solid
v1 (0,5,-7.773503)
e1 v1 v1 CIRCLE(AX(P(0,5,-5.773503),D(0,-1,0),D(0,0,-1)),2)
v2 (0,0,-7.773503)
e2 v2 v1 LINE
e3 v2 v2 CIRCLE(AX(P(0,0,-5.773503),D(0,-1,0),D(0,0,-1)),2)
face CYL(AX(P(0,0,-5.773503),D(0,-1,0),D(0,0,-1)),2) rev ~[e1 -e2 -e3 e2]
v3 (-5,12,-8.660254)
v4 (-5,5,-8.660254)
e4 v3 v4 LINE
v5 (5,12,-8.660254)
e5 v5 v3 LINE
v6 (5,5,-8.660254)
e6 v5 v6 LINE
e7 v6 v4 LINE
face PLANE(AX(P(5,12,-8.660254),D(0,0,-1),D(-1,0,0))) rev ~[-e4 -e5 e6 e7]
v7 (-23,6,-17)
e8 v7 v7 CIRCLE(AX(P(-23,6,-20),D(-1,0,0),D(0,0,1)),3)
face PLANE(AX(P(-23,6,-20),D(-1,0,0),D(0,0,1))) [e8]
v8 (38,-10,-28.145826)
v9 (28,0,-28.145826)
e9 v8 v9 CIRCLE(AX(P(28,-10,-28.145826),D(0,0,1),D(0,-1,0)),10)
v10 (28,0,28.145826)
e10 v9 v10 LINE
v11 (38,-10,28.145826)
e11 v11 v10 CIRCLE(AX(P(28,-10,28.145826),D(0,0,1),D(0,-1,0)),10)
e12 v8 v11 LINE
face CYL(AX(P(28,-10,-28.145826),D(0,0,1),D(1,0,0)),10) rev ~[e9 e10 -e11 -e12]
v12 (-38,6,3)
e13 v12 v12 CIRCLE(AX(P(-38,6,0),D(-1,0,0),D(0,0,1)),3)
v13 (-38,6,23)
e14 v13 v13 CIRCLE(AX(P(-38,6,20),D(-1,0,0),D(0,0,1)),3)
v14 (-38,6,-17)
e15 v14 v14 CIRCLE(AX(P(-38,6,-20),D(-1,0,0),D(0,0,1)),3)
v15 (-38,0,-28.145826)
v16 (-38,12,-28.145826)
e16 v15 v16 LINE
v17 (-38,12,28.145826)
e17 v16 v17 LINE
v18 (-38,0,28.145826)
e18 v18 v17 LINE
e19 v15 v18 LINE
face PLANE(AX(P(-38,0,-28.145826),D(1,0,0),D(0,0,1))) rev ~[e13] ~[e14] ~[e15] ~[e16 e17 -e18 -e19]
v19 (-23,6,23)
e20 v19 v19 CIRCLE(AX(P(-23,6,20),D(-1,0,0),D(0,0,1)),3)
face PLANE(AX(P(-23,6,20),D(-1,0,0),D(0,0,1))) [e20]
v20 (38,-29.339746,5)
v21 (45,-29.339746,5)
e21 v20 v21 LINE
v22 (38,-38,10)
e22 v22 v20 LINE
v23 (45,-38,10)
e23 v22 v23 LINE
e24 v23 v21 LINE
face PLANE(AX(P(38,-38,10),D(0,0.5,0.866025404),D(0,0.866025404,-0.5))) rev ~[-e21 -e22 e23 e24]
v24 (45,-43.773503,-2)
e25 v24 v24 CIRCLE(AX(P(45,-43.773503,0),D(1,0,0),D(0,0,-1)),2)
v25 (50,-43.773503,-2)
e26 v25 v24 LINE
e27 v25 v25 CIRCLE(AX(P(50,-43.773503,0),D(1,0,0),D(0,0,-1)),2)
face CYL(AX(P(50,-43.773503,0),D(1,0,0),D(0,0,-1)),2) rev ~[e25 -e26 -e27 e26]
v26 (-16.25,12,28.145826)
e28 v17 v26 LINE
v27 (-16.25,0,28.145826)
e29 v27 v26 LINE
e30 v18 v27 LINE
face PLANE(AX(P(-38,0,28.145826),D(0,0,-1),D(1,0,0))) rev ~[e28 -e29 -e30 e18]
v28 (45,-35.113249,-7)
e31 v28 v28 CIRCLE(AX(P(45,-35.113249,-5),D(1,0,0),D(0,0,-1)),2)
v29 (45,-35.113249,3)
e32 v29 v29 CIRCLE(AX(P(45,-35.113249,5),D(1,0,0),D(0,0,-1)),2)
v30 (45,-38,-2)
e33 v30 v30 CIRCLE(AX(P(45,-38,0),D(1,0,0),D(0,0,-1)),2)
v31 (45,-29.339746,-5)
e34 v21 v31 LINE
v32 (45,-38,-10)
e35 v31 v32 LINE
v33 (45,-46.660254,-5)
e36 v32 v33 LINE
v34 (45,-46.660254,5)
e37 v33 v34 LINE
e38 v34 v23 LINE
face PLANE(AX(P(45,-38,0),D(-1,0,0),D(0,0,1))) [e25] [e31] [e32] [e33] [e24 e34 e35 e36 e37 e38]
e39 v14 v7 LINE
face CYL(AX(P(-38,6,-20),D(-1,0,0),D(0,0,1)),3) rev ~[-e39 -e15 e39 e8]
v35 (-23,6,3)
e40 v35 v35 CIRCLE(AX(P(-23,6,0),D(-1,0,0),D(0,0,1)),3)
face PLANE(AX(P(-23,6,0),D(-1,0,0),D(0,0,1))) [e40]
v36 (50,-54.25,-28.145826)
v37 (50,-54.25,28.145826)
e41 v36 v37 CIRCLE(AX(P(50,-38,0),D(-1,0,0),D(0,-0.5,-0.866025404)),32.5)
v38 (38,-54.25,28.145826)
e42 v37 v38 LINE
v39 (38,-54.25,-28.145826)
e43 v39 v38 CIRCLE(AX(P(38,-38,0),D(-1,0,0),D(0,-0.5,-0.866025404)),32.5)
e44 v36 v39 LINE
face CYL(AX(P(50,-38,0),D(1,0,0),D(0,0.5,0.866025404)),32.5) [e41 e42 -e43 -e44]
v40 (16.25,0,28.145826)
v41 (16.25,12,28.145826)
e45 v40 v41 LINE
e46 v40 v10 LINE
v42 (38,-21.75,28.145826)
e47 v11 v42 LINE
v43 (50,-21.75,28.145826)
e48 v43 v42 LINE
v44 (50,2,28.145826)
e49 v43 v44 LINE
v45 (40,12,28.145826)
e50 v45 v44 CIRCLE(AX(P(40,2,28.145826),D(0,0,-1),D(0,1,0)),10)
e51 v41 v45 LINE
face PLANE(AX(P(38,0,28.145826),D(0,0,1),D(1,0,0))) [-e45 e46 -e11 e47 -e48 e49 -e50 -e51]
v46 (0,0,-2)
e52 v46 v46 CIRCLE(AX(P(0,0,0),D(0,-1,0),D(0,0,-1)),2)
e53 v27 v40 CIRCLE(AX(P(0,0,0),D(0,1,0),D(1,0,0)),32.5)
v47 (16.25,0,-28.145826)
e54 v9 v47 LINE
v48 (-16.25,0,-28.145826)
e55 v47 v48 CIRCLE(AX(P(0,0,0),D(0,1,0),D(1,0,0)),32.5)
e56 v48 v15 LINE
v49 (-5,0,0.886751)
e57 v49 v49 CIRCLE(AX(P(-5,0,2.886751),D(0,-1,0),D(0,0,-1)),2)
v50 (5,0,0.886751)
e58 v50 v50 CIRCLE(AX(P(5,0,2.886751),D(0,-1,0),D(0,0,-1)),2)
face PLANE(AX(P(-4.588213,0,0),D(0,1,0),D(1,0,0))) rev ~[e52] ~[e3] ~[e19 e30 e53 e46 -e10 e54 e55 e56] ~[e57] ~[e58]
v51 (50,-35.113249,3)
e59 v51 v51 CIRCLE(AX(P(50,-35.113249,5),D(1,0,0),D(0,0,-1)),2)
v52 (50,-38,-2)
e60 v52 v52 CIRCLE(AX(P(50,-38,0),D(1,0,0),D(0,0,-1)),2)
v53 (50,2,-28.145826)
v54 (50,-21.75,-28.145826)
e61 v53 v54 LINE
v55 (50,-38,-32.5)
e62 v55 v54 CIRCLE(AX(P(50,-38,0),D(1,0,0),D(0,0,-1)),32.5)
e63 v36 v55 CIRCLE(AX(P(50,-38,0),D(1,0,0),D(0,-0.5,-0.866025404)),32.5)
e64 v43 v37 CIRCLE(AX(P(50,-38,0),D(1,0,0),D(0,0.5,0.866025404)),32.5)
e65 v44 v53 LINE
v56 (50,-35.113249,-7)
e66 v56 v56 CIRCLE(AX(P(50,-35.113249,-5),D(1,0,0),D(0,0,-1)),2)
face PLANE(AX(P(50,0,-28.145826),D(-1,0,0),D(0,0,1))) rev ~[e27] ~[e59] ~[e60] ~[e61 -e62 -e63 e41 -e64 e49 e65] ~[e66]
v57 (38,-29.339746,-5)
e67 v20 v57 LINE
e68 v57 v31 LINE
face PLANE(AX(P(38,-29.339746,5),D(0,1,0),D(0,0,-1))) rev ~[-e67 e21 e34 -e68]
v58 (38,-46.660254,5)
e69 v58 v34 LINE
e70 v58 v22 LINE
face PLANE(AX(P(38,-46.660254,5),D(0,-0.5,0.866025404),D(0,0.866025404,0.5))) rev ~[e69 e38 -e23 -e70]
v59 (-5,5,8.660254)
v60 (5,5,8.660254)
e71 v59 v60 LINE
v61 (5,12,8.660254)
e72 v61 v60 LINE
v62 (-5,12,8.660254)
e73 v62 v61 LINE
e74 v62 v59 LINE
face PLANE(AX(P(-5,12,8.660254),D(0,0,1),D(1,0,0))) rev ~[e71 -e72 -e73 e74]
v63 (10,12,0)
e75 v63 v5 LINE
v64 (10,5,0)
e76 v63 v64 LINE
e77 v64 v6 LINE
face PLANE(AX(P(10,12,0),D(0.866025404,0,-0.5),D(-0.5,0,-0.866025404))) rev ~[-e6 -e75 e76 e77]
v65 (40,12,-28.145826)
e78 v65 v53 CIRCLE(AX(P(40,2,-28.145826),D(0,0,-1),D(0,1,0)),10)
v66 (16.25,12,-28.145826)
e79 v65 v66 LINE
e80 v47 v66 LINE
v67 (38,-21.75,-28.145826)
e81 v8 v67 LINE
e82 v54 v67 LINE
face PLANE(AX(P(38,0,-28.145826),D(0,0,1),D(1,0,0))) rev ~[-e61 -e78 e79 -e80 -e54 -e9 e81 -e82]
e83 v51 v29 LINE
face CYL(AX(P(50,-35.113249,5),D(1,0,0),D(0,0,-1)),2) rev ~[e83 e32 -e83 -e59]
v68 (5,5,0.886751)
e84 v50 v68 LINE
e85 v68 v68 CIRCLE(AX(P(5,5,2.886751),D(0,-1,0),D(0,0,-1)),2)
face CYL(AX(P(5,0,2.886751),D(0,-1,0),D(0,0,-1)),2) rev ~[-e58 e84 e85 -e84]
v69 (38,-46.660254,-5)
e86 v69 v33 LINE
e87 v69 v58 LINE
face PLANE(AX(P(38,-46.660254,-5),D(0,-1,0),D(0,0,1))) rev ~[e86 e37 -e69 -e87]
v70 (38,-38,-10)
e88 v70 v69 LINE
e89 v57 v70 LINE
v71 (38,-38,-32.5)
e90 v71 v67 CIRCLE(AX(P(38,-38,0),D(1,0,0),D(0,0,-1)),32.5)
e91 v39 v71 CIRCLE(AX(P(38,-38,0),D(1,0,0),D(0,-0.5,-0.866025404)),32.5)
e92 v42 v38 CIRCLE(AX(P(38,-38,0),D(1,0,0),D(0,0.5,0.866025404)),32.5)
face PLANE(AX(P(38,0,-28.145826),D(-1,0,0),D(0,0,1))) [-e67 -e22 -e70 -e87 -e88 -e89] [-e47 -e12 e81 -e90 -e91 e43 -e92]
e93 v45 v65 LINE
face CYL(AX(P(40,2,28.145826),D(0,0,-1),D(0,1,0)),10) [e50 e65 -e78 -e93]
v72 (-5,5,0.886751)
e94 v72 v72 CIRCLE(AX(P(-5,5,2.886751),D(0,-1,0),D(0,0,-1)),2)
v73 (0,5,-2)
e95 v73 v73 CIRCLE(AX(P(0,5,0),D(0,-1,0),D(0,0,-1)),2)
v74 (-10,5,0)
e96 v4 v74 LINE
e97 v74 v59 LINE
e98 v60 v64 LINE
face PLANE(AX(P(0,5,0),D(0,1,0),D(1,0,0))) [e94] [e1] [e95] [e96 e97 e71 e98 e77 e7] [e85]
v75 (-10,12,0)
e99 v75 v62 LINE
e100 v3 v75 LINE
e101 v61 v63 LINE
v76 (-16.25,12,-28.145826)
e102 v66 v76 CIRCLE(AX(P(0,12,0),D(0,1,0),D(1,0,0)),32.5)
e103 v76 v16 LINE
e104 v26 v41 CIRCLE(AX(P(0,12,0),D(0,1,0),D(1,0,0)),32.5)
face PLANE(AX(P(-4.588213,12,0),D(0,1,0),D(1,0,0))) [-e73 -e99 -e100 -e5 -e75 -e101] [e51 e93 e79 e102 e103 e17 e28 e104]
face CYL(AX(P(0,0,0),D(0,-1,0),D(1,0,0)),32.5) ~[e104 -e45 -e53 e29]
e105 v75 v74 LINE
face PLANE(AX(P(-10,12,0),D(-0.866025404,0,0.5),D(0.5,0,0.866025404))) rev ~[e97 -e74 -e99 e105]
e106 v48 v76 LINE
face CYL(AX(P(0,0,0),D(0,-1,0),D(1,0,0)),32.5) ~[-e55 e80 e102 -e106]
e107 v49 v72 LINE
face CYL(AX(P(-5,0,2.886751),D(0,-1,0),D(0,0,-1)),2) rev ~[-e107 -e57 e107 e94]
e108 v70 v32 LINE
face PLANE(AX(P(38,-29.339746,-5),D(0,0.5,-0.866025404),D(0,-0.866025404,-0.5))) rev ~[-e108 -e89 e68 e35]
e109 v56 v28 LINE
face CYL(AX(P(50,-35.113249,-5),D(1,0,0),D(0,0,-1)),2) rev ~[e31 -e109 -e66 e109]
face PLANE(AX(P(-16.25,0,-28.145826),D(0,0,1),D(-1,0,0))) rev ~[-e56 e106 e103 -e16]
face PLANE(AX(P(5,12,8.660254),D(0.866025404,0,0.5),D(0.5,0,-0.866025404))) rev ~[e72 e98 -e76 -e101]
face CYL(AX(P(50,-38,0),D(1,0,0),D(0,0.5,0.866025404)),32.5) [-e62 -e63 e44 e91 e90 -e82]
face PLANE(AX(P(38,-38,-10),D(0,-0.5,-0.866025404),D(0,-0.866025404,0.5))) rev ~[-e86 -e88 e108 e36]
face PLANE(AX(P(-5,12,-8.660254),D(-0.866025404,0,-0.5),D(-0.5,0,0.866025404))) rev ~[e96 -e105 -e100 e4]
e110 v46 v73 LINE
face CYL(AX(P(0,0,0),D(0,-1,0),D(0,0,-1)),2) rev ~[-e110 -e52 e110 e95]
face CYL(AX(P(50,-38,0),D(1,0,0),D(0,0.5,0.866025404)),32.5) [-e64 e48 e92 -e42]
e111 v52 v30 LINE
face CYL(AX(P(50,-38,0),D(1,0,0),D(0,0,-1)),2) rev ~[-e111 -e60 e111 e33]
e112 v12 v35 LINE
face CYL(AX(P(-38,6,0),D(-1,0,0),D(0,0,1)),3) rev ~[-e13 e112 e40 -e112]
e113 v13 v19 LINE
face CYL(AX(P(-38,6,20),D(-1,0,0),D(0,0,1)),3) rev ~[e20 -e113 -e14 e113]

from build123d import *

# Parameters (mm, degrees)
EXTRUDE_1_DEPTH      = 12
CUT_EXTRUDE_2_DEPTH  = 7
SKETCH_4_W           = 12
SKETCH_4_H           = 56.291651246
EXTRUDE_2_DEPTH      = 85
EXTRUDE_3_DEPTH      = 12
CUT_EXTRUDE_4_DEPTH  = 12
FILLET_1_R           = 10
FILLET_2_R           = 10
SKETCH_8_R           = 2
CUT_EXTRUDE_9_DEPTH  = 5
CUT_EXTRUDE_7_DEPTH  = 7
SKETCH_3_R           = 2
CUT_EXTRUDE_8_DEPTH  = 5
EXTRUDE_START        = -12
EXTRUDE_5_DEPTH      = 12
SKETCH_13_R          = 3
CUT_EXTRUDE_11_DEPTH = 15


with BuildPart() as part:
    # 草图1 → 凸台-拉伸1 (new body)
    with BuildSketch(Plane(origin=(0, 0, 0), x_dir=(1, 0, 0), z_dir=(0, 1, 0))):
        with BuildLine():
            Line((16.25, -28.145825623), (0, 0))
            Line((0, 0), (16.25, 28.145825623))
            ThreePointArc((16.25, 28.145825623), (-32.5, 0), (16.25, -28.145825623))
        make_face()
        with BuildLine():
            Line((32.5, 0), (0, 0))
            Line((0, 0), (16.25, -28.145825623))
            ThreePointArc((16.25, -28.145825623), (28.145825623, -16.25), (32.5, 0))
        make_face()
        with BuildLine():
            Line((16.25, 28.145825623), (0, 0))
            Line((0, 0), (32.5, 0))
            ThreePointArc((32.5, 0), (28.145825623, 16.25), (16.25, 28.145825623))
        make_face()
        with BuildLine():
            ThreePointArc((16.25, 28.145825623), (28.145825623, 16.25), (32.5, 0))
            Line((32.5, 0), (50, 0))
            Line((50, 0), (50, 28.145825623))
            Line((50, 28.145825623), (16.25, 28.145825623))
        make_face()
        with BuildLine():
            Line((50, 0), (32.5, 0))
            ThreePointArc((32.5, 0), (28.145825623, -16.25), (16.25, -28.145825623))
            Line((16.25, -28.145825623), (50, -28.145825623))
            Line((50, -28.145825623), (50, 0))
        make_face()
    extrude(amount=EXTRUDE_1_DEPTH)

    # 草图2 → 切除-拉伸2 (cut)
    with BuildSketch(Plane(origin=(0, 12, 0), x_dir=(1, 0, 0), z_dir=(0, 1, 0))):
        Polygon((5, -8.660254038), (10, 0), (5, 8.660254038), (-5, 8.660254038), (-10, 0), (-5, -8.660254038), align=None)
    extrude(amount=-CUT_EXTRUDE_2_DEPTH, mode=Mode.SUBTRACT)

    # 草图4 → 凸台-拉伸2 (add)
    with BuildSketch(Plane.XZ):
        with Locations((44, 0)):
            Rectangle(SKETCH_4_W, SKETCH_4_H)
    extrude(amount=EXTRUDE_2_DEPTH)

    # 草图6 → 凸台-拉伸3 (add)
    with BuildSketch(Plane(origin=(50, 0, 0), x_dir=(0, 0, -1), z_dir=(1, 0, 0))):
        with BuildLine():
            ThreePointArc((-28.145825623, -21.75), (-32.5, -38), (-28.145825623, -54.25))
            Line((-28.145825623, -54.25), (-28.145825623, -21.75))
        make_face()
        with BuildLine():
            ThreePointArc((28.145825623, -54.25), (31.392589354, -46.411618966), (32.5, -38))
            ThreePointArc((32.5, -38), (31.392589354, -29.588381034), (28.145825623, -21.75))
            Line((28.145825623, -21.75), (28.145825623, -54.25))
        make_face()
    extrude(amount=-EXTRUDE_3_DEPTH)

    # 草图7 → 切除-拉伸4 (cut)
    with BuildSketch(Plane(origin=(50, 0, 0), x_dir=(0, 0, -1), z_dir=(1, 0, 0))):
        with BuildLine():
            Line((28.145825623, -85), (28.145825623, -54.25))
            ThreePointArc((28.145825623, -54.25), (0, -70.5), (-28.145825623, -54.25))
            Line((-28.145825623, -54.25), (-28.145825623, -85))
            Line((-28.145825623, -85), (28.145825623, -85))
        make_face()
    extrude(amount=-CUT_EXTRUDE_4_DEPTH, mode=Mode.SUBTRACT)

    # 圆角1
    fillet_1_edges = [part.edges().sort_by_distance(p)[0] for p in [
        (38, 0, 0),
    ]]
    fillet(fillet_1_edges, radius=FILLET_1_R)

    # 圆角2
    fillet_2_edges = [part.edges().sort_by_distance(p)[0] for p in [
        (50, 12, 0),
    ]]
    fillet(fillet_2_edges, radius=FILLET_2_R)

    # 草图8 → 切除-拉伸9 (cut)
    with BuildSketch(Plane(origin=(50, 0, 0), x_dir=(0, 0, -1), z_dir=(1, 0, 0))):
        with Locations((0, -38)):
            Circle(SKETCH_8_R)
        with Locations((0, -43.773502692)):
            Circle(SKETCH_8_R)
        with Locations((5, -35.113248654)):
            Circle(SKETCH_8_R)
        with Locations((-5, -35.113248654)):
            Circle(SKETCH_8_R)
    extrude(amount=-CUT_EXTRUDE_9_DEPTH, mode=Mode.SUBTRACT)

    # 草图10 → 切除-拉伸7 (cut)
    with BuildSketch(Plane.ZY.offset(-38)):
        Polygon((10, -38), (5, -29.339745962), (-5, -29.339745962), (-10, -38), (-5, -46.660254038), (5, -46.660254038), align=None)
    extrude(amount=-CUT_EXTRUDE_7_DEPTH, mode=Mode.SUBTRACT)

    # 草图3 → 切除-拉伸8 (cut)
    with BuildSketch(Plane.XZ):
        with Locations(Location((0, 0, 0), (0, 0, 270))):
            Circle(SKETCH_3_R)
        with Locations(Location((0, -5.773502692, 0), (0, 0, 270))):
            Circle(SKETCH_3_R)
        with Locations(Location((5, 2.886751346, 0), (0, 0, 270))):
            Circle(SKETCH_3_R)
        with Locations(Location((-5, 2.886751346, 0), (0, 0, 270))):
            Circle(SKETCH_3_R)
    extrude(amount=-CUT_EXTRUDE_8_DEPTH, mode=Mode.SUBTRACT)

    # 草图12 → 凸台-拉伸5 (add)
    with BuildSketch(Plane(origin=(0, 12, 0), x_dir=(1, 0, 0), z_dir=(0, 1, 0)).offset(EXTRUDE_START)):
        with BuildLine():
            ThreePointArc((-16.25, -28.145825623), (-28.145825623, -16.25), (-32.5, 0))
            Line((-32.5, 0), (-38, 0))
            Line((-38, 0), (-38, -28.145825623))
            Line((-38, -28.145825623), (-16.25, -28.145825623))
        make_face()
        with BuildLine():
            Line((-38, 0), (-32.5, 0))
            ThreePointArc((-32.5, 0), (-28.145825623, 16.25), (-16.25, 28.145825623))
            Line((-16.25, 28.145825623), (-38, 28.145825623))
            Line((-38, 28.145825623), (-38, 0))
        make_face()
    extrude(amount=EXTRUDE_5_DEPTH)

    # 草图13 → 切除-拉伸11 (cut)
    with BuildSketch(Plane.ZY.offset(38)):
        with Locations((-20, 6)):
            Circle(SKETCH_13_R)
        with Locations((20, 6)):
            Circle(SKETCH_13_R)
        with Locations((0, 6)):
            Circle(SKETCH_13_R)
    extrude(amount=-CUT_EXTRUDE_11_DEPTH, mode=Mode.SUBTRACT)


solid = part.part
